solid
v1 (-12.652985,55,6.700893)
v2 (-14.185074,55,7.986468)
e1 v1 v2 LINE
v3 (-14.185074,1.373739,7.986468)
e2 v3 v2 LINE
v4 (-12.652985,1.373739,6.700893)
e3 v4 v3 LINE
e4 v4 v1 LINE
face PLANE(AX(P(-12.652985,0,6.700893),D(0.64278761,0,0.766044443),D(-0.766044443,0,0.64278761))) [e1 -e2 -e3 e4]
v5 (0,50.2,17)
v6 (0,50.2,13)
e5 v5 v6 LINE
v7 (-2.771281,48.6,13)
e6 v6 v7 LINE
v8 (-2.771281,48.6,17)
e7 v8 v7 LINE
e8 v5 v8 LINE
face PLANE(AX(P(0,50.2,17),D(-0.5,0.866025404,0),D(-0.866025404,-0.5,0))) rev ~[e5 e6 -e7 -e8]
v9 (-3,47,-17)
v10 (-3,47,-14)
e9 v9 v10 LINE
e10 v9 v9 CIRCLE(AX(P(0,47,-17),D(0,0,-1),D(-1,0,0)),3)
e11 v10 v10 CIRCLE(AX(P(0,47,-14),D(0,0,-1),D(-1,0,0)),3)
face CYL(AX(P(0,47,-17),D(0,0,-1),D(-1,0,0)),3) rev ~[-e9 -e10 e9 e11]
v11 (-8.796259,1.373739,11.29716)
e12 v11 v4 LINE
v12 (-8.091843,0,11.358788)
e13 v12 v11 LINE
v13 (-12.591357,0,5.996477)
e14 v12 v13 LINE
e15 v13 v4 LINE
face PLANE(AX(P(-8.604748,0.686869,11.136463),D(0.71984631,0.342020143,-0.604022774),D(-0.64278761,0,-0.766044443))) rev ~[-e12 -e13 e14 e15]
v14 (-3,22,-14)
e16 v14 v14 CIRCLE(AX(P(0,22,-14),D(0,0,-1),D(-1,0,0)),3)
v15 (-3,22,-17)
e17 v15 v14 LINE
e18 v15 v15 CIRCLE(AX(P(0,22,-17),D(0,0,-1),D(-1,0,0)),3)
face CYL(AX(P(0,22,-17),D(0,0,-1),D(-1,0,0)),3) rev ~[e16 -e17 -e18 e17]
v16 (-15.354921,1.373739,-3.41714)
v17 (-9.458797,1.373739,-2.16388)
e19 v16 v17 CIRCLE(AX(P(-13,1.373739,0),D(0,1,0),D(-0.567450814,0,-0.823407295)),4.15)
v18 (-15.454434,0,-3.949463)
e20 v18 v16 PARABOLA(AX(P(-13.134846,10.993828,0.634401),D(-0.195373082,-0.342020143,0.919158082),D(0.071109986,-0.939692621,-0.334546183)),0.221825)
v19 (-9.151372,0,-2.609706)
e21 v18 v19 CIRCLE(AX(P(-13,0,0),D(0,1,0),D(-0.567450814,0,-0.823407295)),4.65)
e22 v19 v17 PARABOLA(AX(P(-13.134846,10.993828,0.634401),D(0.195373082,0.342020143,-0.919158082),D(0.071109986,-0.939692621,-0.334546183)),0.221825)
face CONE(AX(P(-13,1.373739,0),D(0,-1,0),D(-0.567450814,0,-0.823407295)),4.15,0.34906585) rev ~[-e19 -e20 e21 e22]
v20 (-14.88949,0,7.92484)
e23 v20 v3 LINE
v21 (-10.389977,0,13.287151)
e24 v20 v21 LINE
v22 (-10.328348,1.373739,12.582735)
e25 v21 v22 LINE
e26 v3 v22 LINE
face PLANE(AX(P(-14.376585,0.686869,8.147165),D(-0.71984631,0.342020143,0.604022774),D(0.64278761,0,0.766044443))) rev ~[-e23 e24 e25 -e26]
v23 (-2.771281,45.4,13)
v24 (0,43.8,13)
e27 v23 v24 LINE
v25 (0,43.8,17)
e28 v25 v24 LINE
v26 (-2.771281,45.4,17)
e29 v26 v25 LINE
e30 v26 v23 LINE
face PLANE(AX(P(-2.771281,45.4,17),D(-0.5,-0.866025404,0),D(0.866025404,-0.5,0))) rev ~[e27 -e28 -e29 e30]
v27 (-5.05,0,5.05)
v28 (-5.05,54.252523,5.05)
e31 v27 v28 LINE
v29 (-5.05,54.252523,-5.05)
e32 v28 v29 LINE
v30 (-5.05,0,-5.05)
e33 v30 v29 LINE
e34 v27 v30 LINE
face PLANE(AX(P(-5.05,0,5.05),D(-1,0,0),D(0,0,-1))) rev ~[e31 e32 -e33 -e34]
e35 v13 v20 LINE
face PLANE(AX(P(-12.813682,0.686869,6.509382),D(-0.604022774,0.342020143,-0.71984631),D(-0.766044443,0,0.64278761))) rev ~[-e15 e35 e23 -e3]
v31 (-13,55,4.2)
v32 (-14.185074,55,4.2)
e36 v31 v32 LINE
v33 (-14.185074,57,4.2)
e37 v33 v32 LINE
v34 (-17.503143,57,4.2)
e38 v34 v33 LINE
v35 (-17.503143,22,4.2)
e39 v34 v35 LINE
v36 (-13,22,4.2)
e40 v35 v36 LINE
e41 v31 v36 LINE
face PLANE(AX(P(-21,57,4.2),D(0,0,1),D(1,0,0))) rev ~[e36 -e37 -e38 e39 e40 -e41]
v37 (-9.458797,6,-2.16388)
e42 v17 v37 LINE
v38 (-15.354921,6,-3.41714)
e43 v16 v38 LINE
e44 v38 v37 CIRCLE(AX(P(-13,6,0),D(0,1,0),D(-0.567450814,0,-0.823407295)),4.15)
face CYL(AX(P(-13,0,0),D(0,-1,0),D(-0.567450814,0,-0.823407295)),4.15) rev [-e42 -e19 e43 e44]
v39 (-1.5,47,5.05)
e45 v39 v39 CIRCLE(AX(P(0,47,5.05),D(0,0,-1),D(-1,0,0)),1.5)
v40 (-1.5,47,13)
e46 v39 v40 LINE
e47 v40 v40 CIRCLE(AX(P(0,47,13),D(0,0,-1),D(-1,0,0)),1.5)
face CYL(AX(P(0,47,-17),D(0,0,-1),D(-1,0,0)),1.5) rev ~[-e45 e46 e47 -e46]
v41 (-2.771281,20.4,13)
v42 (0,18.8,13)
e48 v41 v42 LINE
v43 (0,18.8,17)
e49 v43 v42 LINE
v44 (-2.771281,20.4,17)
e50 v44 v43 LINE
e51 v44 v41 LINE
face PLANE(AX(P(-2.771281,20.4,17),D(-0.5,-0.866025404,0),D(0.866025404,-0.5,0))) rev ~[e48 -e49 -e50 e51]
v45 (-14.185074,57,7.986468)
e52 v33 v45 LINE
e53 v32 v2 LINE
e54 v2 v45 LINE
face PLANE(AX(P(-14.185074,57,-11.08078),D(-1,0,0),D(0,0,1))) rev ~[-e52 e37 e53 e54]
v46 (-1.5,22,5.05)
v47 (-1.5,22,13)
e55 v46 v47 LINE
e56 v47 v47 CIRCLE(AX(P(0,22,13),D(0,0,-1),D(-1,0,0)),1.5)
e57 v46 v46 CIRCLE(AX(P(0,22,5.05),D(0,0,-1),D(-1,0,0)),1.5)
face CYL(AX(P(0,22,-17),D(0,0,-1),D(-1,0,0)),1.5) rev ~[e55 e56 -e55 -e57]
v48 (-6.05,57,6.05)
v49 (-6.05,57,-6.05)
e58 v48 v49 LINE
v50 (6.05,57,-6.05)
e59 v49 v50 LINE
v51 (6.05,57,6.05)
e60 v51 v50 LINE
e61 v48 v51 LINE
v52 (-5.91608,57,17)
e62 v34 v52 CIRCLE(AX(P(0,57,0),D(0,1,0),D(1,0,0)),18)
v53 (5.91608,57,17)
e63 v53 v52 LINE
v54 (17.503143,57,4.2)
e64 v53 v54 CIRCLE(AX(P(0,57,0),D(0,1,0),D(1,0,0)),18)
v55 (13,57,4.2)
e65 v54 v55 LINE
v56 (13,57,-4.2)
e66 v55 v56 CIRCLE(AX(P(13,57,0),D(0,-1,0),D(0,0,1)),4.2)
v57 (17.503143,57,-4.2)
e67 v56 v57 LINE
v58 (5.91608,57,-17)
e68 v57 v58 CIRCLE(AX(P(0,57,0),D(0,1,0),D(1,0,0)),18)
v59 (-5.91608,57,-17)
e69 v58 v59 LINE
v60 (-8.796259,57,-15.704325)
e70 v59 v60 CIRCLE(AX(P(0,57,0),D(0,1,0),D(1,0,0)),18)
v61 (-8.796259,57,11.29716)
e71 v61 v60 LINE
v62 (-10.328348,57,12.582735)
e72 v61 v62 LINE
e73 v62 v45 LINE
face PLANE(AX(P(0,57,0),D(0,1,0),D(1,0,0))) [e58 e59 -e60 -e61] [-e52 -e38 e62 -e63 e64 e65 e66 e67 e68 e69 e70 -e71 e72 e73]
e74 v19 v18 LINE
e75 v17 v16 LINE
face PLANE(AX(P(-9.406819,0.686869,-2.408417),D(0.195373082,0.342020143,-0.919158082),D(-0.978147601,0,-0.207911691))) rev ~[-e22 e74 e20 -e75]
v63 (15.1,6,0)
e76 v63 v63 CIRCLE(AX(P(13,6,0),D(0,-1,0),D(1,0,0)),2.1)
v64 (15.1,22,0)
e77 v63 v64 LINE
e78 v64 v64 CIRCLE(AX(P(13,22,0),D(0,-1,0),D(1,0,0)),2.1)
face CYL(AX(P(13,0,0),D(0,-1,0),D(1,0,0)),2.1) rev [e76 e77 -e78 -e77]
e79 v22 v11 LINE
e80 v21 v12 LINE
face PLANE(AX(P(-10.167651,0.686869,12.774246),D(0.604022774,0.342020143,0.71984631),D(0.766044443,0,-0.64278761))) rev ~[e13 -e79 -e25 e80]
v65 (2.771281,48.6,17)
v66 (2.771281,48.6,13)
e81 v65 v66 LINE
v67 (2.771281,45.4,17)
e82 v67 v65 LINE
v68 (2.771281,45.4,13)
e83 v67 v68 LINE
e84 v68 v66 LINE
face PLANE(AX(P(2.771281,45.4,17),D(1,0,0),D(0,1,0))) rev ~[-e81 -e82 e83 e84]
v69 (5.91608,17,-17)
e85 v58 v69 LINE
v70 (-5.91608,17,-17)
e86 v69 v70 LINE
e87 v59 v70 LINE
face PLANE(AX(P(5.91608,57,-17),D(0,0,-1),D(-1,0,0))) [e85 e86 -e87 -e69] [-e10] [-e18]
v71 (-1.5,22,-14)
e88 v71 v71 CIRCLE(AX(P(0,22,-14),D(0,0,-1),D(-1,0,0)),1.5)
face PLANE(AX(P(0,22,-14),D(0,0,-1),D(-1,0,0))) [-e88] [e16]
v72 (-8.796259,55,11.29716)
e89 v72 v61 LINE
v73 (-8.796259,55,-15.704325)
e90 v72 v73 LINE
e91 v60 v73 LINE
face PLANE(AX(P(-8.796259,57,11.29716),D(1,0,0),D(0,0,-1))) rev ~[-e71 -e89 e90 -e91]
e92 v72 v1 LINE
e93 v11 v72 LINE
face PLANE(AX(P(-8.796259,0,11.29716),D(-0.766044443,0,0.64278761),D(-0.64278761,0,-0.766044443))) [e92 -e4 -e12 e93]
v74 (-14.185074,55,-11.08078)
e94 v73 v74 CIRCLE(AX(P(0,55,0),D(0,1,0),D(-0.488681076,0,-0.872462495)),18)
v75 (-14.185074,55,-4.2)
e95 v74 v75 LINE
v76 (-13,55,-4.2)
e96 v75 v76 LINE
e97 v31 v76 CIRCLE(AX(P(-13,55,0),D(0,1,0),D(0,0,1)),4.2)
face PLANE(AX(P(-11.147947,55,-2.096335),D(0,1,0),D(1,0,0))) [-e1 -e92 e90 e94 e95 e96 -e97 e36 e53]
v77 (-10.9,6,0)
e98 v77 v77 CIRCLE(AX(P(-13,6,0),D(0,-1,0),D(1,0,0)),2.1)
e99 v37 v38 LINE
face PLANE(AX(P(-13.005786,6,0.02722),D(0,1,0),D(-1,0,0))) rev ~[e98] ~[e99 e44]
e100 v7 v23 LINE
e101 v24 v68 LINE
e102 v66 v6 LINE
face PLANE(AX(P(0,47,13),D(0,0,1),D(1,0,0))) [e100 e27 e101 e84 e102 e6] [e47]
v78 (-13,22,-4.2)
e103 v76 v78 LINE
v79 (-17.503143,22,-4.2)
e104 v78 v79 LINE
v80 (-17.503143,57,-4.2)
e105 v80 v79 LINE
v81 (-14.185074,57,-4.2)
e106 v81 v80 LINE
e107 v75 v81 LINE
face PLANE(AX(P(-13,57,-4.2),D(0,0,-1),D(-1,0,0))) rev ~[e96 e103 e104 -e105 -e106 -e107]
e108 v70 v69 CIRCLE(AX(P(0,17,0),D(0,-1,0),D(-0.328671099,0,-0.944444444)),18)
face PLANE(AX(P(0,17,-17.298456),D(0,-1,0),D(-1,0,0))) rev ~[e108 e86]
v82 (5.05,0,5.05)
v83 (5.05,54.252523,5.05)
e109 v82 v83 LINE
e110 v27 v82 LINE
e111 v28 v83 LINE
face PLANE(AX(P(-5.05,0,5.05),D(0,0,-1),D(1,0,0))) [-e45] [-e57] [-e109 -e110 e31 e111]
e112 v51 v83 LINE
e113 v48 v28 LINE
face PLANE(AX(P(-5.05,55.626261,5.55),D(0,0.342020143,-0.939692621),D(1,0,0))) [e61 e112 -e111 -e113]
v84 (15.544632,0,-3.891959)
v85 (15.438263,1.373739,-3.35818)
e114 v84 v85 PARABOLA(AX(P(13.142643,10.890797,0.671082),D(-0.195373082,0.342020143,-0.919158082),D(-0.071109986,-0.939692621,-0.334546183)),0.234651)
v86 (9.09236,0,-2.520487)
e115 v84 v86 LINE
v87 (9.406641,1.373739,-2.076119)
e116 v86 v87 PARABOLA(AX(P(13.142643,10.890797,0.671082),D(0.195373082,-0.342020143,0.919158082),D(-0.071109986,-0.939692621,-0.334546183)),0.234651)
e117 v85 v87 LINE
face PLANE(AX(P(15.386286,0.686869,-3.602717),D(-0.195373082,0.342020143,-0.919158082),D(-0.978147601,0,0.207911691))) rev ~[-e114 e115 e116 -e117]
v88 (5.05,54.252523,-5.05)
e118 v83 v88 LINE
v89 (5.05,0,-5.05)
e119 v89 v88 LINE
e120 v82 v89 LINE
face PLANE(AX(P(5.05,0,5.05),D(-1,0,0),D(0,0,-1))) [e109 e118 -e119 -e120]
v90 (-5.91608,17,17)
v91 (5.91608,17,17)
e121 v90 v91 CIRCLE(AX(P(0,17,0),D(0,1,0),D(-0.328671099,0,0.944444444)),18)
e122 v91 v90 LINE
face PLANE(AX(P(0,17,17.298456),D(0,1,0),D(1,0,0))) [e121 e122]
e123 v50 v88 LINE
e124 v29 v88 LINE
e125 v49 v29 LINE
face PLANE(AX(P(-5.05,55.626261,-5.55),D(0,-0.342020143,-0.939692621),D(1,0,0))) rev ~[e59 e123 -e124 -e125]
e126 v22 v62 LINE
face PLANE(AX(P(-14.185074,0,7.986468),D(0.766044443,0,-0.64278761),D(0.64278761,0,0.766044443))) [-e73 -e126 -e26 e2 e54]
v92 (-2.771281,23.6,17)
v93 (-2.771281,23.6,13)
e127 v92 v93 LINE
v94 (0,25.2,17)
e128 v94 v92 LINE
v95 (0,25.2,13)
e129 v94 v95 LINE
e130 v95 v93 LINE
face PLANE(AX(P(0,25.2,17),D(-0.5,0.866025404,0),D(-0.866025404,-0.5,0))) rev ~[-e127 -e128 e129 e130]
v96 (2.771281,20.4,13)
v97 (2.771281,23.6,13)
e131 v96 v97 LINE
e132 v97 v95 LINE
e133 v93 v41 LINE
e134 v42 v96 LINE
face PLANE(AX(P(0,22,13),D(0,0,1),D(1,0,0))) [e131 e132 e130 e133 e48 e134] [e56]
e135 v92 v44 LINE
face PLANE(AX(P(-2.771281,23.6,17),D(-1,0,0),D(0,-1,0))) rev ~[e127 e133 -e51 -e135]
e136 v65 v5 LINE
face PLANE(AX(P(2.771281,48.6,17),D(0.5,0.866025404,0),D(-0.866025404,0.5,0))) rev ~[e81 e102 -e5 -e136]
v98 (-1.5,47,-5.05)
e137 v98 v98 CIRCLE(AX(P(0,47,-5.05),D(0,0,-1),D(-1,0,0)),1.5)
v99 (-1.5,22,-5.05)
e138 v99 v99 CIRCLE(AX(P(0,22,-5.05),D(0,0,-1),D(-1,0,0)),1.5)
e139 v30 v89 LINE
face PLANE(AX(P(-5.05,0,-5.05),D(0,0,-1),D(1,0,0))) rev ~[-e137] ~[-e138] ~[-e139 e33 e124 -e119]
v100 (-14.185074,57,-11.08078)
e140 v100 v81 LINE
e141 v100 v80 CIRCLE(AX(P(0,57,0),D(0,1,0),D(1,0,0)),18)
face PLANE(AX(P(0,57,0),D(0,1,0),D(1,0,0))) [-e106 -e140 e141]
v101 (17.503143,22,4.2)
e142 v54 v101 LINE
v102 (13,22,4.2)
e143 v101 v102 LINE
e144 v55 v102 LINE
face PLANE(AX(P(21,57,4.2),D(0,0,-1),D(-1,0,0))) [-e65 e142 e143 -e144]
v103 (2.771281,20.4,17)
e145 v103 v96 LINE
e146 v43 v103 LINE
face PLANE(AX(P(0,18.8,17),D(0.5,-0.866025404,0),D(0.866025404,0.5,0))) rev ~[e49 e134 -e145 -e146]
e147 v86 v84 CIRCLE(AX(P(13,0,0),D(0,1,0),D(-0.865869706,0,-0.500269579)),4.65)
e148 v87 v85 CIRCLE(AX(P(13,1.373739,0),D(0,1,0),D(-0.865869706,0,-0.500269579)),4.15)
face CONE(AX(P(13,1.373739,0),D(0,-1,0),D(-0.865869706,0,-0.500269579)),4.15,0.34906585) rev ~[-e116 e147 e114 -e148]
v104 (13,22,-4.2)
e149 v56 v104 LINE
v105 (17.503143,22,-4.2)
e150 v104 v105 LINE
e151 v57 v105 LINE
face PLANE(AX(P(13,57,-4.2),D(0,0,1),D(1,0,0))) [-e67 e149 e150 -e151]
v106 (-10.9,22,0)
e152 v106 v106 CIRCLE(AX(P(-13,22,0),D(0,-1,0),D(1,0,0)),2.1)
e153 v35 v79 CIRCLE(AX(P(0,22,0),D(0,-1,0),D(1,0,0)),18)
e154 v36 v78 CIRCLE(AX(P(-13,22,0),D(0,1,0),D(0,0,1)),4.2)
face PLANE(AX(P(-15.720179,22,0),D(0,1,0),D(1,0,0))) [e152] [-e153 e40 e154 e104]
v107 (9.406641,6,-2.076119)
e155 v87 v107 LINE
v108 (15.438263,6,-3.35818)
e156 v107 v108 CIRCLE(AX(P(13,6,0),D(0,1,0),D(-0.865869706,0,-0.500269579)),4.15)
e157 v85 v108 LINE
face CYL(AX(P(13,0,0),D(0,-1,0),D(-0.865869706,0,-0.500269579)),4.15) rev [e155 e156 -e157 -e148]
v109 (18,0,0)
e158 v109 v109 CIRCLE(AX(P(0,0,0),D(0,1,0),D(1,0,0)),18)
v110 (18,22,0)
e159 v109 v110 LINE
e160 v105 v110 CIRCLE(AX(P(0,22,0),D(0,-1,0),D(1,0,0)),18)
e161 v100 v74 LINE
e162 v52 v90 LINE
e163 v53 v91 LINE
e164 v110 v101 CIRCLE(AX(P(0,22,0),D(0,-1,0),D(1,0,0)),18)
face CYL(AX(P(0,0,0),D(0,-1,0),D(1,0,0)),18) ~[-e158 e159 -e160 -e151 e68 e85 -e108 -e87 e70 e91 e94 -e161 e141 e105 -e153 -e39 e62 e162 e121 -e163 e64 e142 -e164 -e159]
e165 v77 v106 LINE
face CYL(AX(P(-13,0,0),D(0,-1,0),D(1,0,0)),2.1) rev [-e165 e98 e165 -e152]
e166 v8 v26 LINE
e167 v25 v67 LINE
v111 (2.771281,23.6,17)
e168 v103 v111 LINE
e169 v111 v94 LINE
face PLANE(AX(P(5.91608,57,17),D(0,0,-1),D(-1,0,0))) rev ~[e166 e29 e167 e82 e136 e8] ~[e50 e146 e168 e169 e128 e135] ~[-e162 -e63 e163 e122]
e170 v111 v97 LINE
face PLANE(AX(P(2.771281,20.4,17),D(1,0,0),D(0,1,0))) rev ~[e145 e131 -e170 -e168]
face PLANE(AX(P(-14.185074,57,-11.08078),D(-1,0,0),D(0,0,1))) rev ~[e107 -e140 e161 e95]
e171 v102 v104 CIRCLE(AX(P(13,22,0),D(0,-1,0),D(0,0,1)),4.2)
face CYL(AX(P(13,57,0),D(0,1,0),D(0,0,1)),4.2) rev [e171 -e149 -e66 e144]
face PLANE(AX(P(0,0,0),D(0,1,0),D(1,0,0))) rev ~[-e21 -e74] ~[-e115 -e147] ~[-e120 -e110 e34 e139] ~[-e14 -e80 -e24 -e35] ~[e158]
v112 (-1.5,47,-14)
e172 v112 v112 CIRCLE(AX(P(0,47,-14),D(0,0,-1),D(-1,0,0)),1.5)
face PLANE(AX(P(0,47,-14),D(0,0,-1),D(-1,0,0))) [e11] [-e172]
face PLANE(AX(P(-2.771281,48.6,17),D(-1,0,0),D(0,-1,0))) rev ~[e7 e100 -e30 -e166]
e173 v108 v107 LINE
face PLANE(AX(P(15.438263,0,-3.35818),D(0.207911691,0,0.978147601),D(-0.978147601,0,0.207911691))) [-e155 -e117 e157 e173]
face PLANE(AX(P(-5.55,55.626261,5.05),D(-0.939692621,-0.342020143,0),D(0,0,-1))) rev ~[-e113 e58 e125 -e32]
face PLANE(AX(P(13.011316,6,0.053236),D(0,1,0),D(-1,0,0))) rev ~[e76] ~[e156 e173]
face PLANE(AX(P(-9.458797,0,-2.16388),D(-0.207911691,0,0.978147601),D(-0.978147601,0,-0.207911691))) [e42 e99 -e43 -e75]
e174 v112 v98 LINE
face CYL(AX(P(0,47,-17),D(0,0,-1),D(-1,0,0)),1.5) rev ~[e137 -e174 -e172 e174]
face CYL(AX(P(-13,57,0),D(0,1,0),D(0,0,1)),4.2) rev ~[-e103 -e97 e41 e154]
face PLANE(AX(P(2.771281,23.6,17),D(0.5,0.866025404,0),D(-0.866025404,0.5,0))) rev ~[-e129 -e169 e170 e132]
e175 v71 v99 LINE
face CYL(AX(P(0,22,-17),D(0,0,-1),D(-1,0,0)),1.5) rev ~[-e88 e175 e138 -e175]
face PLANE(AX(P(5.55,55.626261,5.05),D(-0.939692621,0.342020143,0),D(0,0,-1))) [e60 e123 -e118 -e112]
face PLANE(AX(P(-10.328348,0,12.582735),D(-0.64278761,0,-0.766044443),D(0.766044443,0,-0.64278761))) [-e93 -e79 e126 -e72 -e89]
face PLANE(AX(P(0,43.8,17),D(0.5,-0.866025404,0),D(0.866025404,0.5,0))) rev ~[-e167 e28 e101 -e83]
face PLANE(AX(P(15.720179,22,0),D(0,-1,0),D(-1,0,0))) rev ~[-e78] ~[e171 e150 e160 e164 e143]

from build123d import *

# Parameters (mm, degrees)
SKETCH1_R           = 18
SKETCH1_R_2         = 2.1
SKETCH1_W           = 10.1
SKETCH1_H           = 10.1
BOSS_EXTRUDE1_DEPTH = 57
CUT_EXTRUDE4_DEPTH  = 40
SKETCH6_R           = 1.5
CUT_EXTRUDE5_DEPTH  = 36
SKETCH7_R           = 3
CUT_EXTRUDE6_DEPTH  = 3
CUT_EXTRUDE7_DEPTH  = 4
CHAMFER1_SIZE       = 1
CHAMFER1_SIZE2      = 2.747477419
CUT_EXTRUDE9_DEPTH  = 6
CHAMFER2_SIZE       = 0.5
CHAMFER2_SIZE2      = 1.37373871
CUT_EXTRUDE10_DEPTH = 35
CUT_EXTRUDE11_DEPTH = 58
CHAMFER3_SIZE       = 0.5
CHAMFER3_SIZE2      = 1.37373871
CUT_EXTRUDE13_DEPTH = 2


with BuildPart() as part:
    # Sketch1 → Boss-Extrude1 (new body)
    with BuildSketch(Plane(origin=(0, 0, 0), x_dir=(1, 0, 0), z_dir=(0, 1, 0))):
        Circle(SKETCH1_R)
        with Locations((13, 0)):
            Circle(SKETCH1_R_2, mode=Mode.SUBTRACT)
        with Locations((-13, 0)):
            Circle(SKETCH1_R_2, mode=Mode.SUBTRACT)
        Rectangle(SKETCH1_W, SKETCH1_H, mode=Mode.SUBTRACT)
    extrude(amount=BOSS_EXTRUDE1_DEPTH)

    # Sketch5 → Cut-Extrude4 (cut)
    with BuildSketch(Plane(origin=(0, 57, 0), x_dir=(1, 0, 0), z_dir=(0, 1, 0))):
        with BuildLine():
            Line((5.916079783, 17), (-5.916079783, 17))
            ThreePointArc((-5.916079783, 17), (0, 18), (5.916079783, 17))
        make_face()
        with BuildLine():
            Line((5.916079783, -17), (-5.916079783, -17))
            ThreePointArc((-5.916079783, -17), (0, -18), (5.916079783, -17))
        make_face()
    extrude(amount=-CUT_EXTRUDE4_DEPTH, mode=Mode.SUBTRACT)

    # Sketch6 → Cut-Extrude5 (cut, through all)
    with BuildSketch(Plane(origin=(0, 0, -17), x_dir=(-1, 0, 0), z_dir=(0, 0, -1))):
        with Locations((0, 47)):
            Circle(SKETCH6_R)
        with Locations((0, 22)):
            Circle(SKETCH6_R)
    extrude(amount=-CUT_EXTRUDE5_DEPTH, mode=Mode.SUBTRACT)

    # Sketch7 → Cut-Extrude6 (cut)
    with BuildSketch(Plane(origin=(0, 0, -17), x_dir=(-1, 0, 0), z_dir=(0, 0, -1))):
        with Locations((0, 47)):
            Circle(SKETCH7_R)
        with Locations((0, 22)):
            Circle(SKETCH7_R)
    extrude(amount=-CUT_EXTRUDE6_DEPTH, mode=Mode.SUBTRACT)

    # Sketch8 → Cut-Extrude7 (cut)
    with BuildSketch(Plane.XY.offset(17)):
        Polygon((0, 43.8), (2.771281292, 45.4), (2.771281292, 48.6), (0, 50.2), (-2.771281292, 48.6), (-2.771281292, 45.4), align=None)
        Polygon((0, 18.8), (2.771281292, 20.4), (2.771281292, 23.6), (0, 25.2), (-2.771281292, 23.6), (-2.771281292, 20.4), align=None)
    extrude(amount=-CUT_EXTRUDE7_DEPTH, mode=Mode.SUBTRACT)

    # Chamfer1
    chamfer1_edges = [part.edges().sort_by_distance(p)[0] for p in [
        (0, 57, -5.05),
        (-5.05, 57, 0),
        (0, 57, 5.05),
        (5.05, 57, 0),
    ]]
    chamfer1_side = [part.faces().sort_by_distance(p)[0] for p in [
        (14.267618119, 57, 10.141691708),
    ]]
    chamfer(chamfer1_edges, length=CHAMFER1_SIZE, length2=CHAMFER1_SIZE2, reference=chamfer1_side[0])

    # Sketch9 → Cut-Extrude9 (cut)
    with BuildSketch(Plane.XZ):
        with BuildLine():
            Line((15.438263477, -3.358179747), (9.406640719, -2.076118753))
            ThreePointArc((9.406640719, -2.076118753), (13.862833517, 4.059312543), (15.438263477, -3.358179747))
        make_face()
        with BuildLine():
            Line((-9.458796565, -2.163880365), (-15.354920877, -3.417140276))
            ThreePointArc((-15.354920877, -3.417140276), (-13.862833517, 4.059312543), (-9.458796565, -2.163880365))
        make_face()
    extrude(amount=-CUT_EXTRUDE9_DEPTH, mode=Mode.SUBTRACT)

    # Chamfer2
    chamfer2_edges = [part.edges().sort_by_distance(p)[0] for p in [
        (13.862833517, 0, 4.059312543),
        (12.422452098, 0, -2.71714925),
        (-13.862833517, 0, 4.059312543),
        (-12.406858721, 0, -2.79051032),
    ]]
    chamfer2_side = [part.faces().sort_by_distance(p)[0] for p in [
        (-17.490883118, 0, 0),
    ]]
    chamfer(chamfer2_edges, length=CHAMFER2_SIZE, length2=CHAMFER2_SIZE2, reference=chamfer2_side[0])

    # Sketch10 → Cut-Extrude10 (cut)
    with BuildSketch(Plane(origin=(0, 57, 0), x_dir=(1, 0, 0), z_dir=(0, 1, 0))):
        with BuildLine():
            Line((13, 4.2), (21, 4.2))
            Line((21, 4.2), (21, -4.2))
            Line((21, -4.2), (13, -4.2))
            ThreePointArc((13, -4.2), (8.8, 0), (13, 4.2))
        make_face()
        with BuildLine():
            Line((-13, 4.2), (-21, 4.2))
            Line((-21, 4.2), (-21, -4.2))
            Line((-21, -4.2), (-13, -4.2))
            ThreePointArc((-13, -4.2), (-8.8, 0), (-13, 4.2))
        make_face()
    extrude(amount=-CUT_EXTRUDE10_DEPTH, mode=Mode.SUBTRACT)

    # Sketch11 → Cut-Extrude11 (cut, through all)
    with BuildSketch(Plane.XZ):
        Polygon((-14.185073919, 7.986468426), (-10.328348261, 12.582735084), (-8.796259375, 11.297159865), (-12.652985033, 6.700893206), align=None)
    extrude(amount=-CUT_EXTRUDE11_DEPTH, mode=Mode.SUBTRACT)

    # Chamfer3
    chamfer3_edges = [part.edges().sort_by_distance(p)[0] for p in [
        (-13.419029476, 0, 7.343680816),
        (-10.724622204, 0, 8.999026536),
        (-9.562303818, 0, 11.939947475),
        (-12.25671109, 0, 10.284601755),
    ]]
    chamfer3_side = [part.faces().sort_by_distance(p)[0] for p in [
        (-17.949088312, 0, 0),
    ]]
    chamfer(chamfer3_edges, length=CHAMFER3_SIZE, length2=CHAMFER3_SIZE2, reference=chamfer3_side[0])

    # Sketch13 → Cut-Extrude13 (cut)
    with BuildSketch(Plane(origin=(0, 57, 0), x_dir=(1, 0, 0), z_dir=(0, 1, 0))):
        with BuildLine():
            Line((-8.796259375, -11.297159865), (-8.796259375, 15.704324914))
            ThreePointArc((-8.796259375, 15.704324914), (-11.720909208, 13.660903606), (-14.185073919, 11.080779662))
            Line((-14.185073919, 11.080779662), (-14.185073919, -7.986468426))
            Line((-14.185073919, -7.986468426), (-8.796259375, -11.297159865))
        make_face()
    extrude(amount=-CUT_EXTRUDE13_DEPTH, mode=Mode.SUBTRACT)


solid = part.part
